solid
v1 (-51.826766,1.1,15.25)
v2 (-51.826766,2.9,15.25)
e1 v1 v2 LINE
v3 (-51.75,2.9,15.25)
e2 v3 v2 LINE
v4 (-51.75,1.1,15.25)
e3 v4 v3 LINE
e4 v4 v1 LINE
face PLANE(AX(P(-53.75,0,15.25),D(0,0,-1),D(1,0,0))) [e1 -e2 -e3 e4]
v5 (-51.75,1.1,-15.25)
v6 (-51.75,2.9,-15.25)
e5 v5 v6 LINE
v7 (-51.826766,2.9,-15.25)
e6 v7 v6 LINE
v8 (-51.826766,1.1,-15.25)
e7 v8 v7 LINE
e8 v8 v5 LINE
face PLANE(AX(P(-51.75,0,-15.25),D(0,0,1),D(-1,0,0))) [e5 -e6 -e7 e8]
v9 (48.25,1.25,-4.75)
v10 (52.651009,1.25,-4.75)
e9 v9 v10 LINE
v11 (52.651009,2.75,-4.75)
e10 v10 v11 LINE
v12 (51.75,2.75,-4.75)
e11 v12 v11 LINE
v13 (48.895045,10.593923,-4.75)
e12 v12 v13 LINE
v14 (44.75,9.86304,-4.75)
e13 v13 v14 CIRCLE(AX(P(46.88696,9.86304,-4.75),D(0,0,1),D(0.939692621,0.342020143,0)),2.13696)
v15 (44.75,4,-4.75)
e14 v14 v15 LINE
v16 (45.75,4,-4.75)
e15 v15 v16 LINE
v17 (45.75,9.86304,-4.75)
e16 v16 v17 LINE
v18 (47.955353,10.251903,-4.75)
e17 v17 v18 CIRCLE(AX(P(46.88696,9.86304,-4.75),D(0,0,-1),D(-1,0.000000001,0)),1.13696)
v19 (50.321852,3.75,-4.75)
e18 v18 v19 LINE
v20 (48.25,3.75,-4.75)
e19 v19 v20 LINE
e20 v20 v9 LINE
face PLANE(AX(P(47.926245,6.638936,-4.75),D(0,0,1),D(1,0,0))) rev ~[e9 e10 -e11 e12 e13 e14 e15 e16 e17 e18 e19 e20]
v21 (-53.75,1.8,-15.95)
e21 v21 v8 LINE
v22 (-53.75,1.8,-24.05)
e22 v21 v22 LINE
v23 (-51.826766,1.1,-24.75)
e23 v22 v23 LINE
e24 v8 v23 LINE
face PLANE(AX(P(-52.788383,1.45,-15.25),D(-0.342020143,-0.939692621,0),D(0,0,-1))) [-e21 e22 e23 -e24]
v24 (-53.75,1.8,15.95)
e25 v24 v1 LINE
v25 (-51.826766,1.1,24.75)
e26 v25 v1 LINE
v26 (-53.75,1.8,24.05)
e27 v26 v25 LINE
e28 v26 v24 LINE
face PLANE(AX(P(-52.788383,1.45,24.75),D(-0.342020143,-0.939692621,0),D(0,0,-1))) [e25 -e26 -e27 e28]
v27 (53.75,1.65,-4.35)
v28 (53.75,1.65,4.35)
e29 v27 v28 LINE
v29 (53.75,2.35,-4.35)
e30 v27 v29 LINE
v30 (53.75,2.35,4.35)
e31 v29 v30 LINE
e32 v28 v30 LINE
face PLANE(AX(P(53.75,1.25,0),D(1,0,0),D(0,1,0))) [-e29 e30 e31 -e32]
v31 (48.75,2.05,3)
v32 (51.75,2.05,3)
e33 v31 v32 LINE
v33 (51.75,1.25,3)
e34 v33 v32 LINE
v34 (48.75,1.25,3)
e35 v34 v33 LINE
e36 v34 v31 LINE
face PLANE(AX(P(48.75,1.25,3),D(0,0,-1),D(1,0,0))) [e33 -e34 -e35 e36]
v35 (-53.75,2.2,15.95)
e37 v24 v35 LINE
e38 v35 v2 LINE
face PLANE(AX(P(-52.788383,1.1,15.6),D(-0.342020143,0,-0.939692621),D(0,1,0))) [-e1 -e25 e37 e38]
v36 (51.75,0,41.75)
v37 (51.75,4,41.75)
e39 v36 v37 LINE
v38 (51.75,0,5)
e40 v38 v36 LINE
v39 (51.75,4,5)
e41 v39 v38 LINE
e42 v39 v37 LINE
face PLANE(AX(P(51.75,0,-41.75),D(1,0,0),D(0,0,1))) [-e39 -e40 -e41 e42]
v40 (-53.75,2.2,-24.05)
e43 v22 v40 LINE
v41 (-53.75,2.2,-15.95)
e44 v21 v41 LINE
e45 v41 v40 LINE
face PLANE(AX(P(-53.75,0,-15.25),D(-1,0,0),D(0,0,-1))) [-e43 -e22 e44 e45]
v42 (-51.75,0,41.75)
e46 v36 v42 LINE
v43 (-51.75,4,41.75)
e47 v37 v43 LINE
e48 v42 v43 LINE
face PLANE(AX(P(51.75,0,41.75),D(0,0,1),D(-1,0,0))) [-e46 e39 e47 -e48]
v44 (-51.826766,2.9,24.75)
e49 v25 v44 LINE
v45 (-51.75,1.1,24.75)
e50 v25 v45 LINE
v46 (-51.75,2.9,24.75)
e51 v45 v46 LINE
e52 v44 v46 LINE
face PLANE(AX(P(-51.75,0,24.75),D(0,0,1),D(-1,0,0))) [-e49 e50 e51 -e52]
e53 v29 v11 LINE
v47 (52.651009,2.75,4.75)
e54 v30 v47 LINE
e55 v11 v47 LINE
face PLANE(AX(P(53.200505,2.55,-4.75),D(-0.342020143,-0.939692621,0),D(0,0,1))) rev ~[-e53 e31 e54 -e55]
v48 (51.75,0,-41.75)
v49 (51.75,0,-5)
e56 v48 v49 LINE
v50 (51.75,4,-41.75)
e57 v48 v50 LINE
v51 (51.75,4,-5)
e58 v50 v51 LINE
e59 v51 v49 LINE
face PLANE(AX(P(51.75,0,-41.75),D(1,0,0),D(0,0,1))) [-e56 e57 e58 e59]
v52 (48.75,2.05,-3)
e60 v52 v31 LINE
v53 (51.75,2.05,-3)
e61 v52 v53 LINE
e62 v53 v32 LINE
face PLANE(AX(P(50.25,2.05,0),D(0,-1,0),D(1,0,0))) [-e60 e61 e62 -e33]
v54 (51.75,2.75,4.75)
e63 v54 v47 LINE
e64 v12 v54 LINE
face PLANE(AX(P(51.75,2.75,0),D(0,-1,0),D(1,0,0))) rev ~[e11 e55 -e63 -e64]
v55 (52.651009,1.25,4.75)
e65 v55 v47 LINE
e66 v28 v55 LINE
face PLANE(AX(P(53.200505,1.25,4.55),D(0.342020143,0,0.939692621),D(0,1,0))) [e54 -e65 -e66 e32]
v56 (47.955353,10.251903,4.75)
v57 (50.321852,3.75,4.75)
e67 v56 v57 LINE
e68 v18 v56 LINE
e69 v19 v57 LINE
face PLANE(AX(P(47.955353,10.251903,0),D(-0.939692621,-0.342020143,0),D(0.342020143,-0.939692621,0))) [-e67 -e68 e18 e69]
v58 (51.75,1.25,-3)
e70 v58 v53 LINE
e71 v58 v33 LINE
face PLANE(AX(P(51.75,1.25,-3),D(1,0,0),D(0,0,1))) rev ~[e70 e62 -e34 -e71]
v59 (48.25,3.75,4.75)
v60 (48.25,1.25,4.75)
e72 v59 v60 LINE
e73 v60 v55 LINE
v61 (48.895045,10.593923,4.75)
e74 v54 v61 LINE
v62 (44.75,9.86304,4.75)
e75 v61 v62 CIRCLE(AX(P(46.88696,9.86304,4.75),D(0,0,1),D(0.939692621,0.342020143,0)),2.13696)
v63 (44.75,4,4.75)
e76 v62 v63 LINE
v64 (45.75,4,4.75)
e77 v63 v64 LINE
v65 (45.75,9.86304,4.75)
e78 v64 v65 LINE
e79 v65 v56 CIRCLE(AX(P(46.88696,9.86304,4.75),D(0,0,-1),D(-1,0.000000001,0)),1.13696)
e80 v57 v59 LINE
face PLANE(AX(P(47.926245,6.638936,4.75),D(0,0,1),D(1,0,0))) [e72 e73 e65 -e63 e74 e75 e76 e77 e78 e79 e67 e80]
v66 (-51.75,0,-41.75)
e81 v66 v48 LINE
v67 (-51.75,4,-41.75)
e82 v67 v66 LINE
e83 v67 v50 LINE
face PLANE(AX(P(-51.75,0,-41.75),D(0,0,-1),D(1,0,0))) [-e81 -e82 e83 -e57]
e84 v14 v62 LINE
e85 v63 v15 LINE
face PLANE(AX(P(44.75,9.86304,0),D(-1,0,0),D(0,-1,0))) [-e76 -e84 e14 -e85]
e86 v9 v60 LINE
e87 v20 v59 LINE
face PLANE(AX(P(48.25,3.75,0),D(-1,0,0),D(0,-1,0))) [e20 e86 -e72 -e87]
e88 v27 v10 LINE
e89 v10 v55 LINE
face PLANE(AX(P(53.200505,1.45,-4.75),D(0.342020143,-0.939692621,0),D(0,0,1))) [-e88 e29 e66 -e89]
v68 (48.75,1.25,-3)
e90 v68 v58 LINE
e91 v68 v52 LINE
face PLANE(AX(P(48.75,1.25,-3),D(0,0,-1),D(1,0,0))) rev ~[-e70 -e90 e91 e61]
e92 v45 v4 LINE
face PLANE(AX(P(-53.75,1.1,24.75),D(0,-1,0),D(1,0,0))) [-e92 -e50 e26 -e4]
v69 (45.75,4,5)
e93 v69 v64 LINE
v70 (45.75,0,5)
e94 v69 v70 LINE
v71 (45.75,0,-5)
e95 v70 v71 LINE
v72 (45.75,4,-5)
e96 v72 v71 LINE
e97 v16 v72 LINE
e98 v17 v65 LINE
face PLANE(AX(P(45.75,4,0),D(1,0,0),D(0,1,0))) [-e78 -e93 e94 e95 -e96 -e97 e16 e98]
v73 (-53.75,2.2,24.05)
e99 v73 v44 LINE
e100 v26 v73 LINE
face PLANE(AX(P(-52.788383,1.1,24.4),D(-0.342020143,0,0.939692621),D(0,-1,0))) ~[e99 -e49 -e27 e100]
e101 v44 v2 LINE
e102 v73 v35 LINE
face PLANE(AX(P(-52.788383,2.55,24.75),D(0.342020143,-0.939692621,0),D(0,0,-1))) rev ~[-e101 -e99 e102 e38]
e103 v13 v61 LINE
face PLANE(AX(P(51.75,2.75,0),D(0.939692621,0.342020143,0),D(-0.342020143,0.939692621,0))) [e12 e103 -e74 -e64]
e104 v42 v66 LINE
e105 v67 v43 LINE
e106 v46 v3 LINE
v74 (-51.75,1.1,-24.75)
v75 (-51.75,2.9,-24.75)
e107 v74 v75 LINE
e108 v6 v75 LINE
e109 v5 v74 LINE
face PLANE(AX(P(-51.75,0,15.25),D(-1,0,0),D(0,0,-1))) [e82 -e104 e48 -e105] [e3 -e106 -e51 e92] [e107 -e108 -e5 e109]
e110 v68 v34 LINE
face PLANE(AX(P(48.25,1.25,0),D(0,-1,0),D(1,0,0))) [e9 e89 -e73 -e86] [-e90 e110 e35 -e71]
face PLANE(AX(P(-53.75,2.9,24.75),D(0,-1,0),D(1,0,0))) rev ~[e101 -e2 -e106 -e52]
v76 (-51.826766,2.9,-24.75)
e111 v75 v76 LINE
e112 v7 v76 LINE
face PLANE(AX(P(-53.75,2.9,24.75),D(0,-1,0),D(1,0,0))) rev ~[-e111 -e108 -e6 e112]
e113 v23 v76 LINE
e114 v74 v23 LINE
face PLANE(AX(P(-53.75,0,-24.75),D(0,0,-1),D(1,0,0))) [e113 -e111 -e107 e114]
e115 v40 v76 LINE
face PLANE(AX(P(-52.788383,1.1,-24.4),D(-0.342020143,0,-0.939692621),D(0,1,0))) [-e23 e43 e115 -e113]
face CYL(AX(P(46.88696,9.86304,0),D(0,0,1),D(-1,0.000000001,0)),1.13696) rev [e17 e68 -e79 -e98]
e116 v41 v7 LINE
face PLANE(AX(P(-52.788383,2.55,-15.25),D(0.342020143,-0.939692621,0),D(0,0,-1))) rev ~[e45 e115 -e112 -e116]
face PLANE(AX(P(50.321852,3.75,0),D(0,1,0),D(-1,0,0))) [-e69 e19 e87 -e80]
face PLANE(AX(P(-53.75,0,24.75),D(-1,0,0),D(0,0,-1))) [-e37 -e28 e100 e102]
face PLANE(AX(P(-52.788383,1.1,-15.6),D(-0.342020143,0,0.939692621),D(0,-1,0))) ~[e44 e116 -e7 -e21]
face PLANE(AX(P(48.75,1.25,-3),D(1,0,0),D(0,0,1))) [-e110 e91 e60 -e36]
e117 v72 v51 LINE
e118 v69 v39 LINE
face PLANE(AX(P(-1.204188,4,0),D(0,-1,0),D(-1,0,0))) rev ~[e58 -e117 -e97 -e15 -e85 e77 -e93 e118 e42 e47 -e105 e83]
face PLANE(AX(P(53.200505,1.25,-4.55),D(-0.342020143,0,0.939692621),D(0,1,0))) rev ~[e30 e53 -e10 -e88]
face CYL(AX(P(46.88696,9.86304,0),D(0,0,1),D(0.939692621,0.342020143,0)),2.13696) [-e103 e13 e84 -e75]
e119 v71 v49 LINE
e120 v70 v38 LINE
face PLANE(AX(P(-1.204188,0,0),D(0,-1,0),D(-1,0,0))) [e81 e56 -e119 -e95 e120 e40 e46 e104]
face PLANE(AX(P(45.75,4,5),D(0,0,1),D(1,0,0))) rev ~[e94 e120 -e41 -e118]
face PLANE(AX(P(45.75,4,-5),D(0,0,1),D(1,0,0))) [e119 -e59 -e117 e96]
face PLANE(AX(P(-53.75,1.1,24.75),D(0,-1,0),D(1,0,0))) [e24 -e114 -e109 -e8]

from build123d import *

# Parameters (mm, degrees)
BOSS_EXTRUDE1_DEPTH      = 4
CUT_EXTRUDE1_REACH       = 6
SKETCH3_W                = 6
SKETCH3_H                = 10
SKETCH4_W                = 2
SKETCH4_H                = 1.5
BOSS_EXTRUDE2_DEPTH      = 4.75
BOSS_EXTRUDE2_DEPTH_BACK = 4.75
SKETCH5_W                = 3
SKETCH5_H                = 6
CUT_EXTRUDE2_DEPTH       = 0.8
SKETCH6_W                = 2
SKETCH6_H                = 1.1
CUT_EXTRUDE3_DEPTH       = 67.5
CHAMFER3_SIZE            = 0.4
CHAMFER3_SIZE2           = 1.098990968
CHAMFER4_SIZE            = 0.7
CHAMFER4_SIZE2           = 1.923234194
CHAMFER4_PART_2_SIZE     = 0.7
CHAMFER4_PART_2_SIZE2    = 1.923234194


with BuildPart() as part:
    # Sketch1 → Boss-Extrude1 (new body)
    with BuildSketch(Plane(origin=(0, 0, 0), x_dir=(1, 0, 0), z_dir=(0, 1, 0))):
        Polygon((-51.75, 24.75), (-51.75, 41.75), (51.75, 41.75), (51.75, -41.75), (-51.75, -41.75), (-51.75, -24.75), (-53.75, -24.75), (-53.75, -15.25), (-51.75, -15.25), (-51.75, 15.25), (-53.75, 15.25), (-53.75, 24.75), align=None)
    extrude(amount=BOSS_EXTRUDE1_DEPTH)

    # Sketch3 → Cut-Extrude1 (cut, up to next)
    with BuildSketch(Plane(origin=(0, 4, 0), x_dir=(1, 0, 0), z_dir=(0, 1, 0)), mode=Mode.PRIVATE) as cut_extrude1_sk1:
        with Locations((48.75, 0)):
            Rectangle(SKETCH3_W, SKETCH3_H)
    cut_extrude1_tool1 = extrude(cut_extrude1_sk1.sketch, amount=-CUT_EXTRUDE1_REACH, mode=Mode.PRIVATE) & part.part
    add(cut_extrude1_tool1.solids().sort_by_distance((48.75, 4, 0))[0], mode=Mode.SUBTRACT)

    # Sketch4 → Boss-Extrude2 (add, two sides)
    with BuildSketch(Plane.XY) as boss_extrude2_sk:
        with BuildLine():
            Line((44.75, 4), (45.75, 4))
            Line((45.75, 4), (45.75, 9.863040099))
            ThreePointArc((45.75, 9.863040099), (46.689528886, 10.982727024), (47.955352731, 10.251903287))
            Line((47.955352731, 10.251903287), (50.321851993, 3.75))
            Line((50.321851993, 3.75), (48.25, 3.75))
            Line((48.25, 3.75), (48.25, 1.25))
            Line((48.25, 1.25), (51.75, 1.25))
            Line((51.75, 1.25), (51.75, 2.75))
            Line((51.75, 2.75), (48.895045351, 10.59392343))
            ThreePointArc((48.895045351, 10.59392343), (46.515880709, 11.967534777), (44.75, 9.863040099))
            Line((44.75, 9.863040099), (44.75, 4))
        make_face()
        with Locations((52.75, 2)):
            Rectangle(SKETCH4_W, SKETCH4_H)
    extrude(amount=BOSS_EXTRUDE2_DEPTH)
    extrude(boss_extrude2_sk.sketch, amount=-BOSS_EXTRUDE2_DEPTH_BACK)

    # Sketch5 → Cut-Extrude2 (cut)
    with BuildSketch(Plane.XZ.offset(-1.25)):
        with Locations((50.25, 0)):
            Rectangle(SKETCH5_W, SKETCH5_H)
    extrude(amount=-CUT_EXTRUDE2_DEPTH, mode=Mode.SUBTRACT)

    # Sketch6 → Cut-Extrude3 (cut, through all)
    with BuildSketch(Plane.XY.offset(24.75)):
        with Locations((-52.75, 3.45)):
            Rectangle(SKETCH6_W, SKETCH6_H)
        with Locations((-52.75, 0.55)):
            Rectangle(SKETCH6_W, SKETCH6_H)
    extrude(amount=-CUT_EXTRUDE3_DEPTH, mode=Mode.SUBTRACT)

    # Chamfer3
    chamfer3_edges = [part.edges().sort_by_distance(p)[0] for p in [
        (53.75, 2.75, 0),
        (53.75, 2, 4.75),
        (53.75, 1.25, 0),
        (53.75, 2, -4.75),
    ]]
    chamfer3_side = [part.faces().sort_by_distance(p)[0] for p in [
        (53.75, 2, 0),
    ]]
    chamfer(chamfer3_edges, length=CHAMFER3_SIZE, length2=CHAMFER3_SIZE2, reference=chamfer3_side[0])

    # Chamfer4
    chamfer4_edges = [part.edges().sort_by_distance(p)[0] for p in [
        (-53.75, 2, 15.25),
        (-53.75, 2.9, 20),
        (-53.75, 1.1, 20),
        (-53.75, 2, 24.75),
    ]]
    chamfer4_side = [part.faces().sort_by_distance(p)[0] for p in [
        (-53.75, 2, 20),
    ]]
    chamfer(chamfer4_edges, length=CHAMFER4_SIZE, length2=CHAMFER4_SIZE2, reference=chamfer4_side[0])

    # Chamfer4 part 2
    chamfer4_part_2_edges = [part.edges().sort_by_distance(p)[0] for p in [
        (-53.75, 2, -15.25),
        (-53.75, 2, -24.75),
        (-53.75, 2.9, -20),
        (-53.75, 1.1, -20),
    ]]
    chamfer4_part_2_side = [part.faces().sort_by_distance(p)[0] for p in [
        (-53.75, 2, -20),
    ]]
    chamfer(chamfer4_part_2_edges, length=CHAMFER4_PART_2_SIZE, length2=CHAMFER4_PART_2_SIZE2, reference=chamfer4_part_2_side[0])


solid = part.part
